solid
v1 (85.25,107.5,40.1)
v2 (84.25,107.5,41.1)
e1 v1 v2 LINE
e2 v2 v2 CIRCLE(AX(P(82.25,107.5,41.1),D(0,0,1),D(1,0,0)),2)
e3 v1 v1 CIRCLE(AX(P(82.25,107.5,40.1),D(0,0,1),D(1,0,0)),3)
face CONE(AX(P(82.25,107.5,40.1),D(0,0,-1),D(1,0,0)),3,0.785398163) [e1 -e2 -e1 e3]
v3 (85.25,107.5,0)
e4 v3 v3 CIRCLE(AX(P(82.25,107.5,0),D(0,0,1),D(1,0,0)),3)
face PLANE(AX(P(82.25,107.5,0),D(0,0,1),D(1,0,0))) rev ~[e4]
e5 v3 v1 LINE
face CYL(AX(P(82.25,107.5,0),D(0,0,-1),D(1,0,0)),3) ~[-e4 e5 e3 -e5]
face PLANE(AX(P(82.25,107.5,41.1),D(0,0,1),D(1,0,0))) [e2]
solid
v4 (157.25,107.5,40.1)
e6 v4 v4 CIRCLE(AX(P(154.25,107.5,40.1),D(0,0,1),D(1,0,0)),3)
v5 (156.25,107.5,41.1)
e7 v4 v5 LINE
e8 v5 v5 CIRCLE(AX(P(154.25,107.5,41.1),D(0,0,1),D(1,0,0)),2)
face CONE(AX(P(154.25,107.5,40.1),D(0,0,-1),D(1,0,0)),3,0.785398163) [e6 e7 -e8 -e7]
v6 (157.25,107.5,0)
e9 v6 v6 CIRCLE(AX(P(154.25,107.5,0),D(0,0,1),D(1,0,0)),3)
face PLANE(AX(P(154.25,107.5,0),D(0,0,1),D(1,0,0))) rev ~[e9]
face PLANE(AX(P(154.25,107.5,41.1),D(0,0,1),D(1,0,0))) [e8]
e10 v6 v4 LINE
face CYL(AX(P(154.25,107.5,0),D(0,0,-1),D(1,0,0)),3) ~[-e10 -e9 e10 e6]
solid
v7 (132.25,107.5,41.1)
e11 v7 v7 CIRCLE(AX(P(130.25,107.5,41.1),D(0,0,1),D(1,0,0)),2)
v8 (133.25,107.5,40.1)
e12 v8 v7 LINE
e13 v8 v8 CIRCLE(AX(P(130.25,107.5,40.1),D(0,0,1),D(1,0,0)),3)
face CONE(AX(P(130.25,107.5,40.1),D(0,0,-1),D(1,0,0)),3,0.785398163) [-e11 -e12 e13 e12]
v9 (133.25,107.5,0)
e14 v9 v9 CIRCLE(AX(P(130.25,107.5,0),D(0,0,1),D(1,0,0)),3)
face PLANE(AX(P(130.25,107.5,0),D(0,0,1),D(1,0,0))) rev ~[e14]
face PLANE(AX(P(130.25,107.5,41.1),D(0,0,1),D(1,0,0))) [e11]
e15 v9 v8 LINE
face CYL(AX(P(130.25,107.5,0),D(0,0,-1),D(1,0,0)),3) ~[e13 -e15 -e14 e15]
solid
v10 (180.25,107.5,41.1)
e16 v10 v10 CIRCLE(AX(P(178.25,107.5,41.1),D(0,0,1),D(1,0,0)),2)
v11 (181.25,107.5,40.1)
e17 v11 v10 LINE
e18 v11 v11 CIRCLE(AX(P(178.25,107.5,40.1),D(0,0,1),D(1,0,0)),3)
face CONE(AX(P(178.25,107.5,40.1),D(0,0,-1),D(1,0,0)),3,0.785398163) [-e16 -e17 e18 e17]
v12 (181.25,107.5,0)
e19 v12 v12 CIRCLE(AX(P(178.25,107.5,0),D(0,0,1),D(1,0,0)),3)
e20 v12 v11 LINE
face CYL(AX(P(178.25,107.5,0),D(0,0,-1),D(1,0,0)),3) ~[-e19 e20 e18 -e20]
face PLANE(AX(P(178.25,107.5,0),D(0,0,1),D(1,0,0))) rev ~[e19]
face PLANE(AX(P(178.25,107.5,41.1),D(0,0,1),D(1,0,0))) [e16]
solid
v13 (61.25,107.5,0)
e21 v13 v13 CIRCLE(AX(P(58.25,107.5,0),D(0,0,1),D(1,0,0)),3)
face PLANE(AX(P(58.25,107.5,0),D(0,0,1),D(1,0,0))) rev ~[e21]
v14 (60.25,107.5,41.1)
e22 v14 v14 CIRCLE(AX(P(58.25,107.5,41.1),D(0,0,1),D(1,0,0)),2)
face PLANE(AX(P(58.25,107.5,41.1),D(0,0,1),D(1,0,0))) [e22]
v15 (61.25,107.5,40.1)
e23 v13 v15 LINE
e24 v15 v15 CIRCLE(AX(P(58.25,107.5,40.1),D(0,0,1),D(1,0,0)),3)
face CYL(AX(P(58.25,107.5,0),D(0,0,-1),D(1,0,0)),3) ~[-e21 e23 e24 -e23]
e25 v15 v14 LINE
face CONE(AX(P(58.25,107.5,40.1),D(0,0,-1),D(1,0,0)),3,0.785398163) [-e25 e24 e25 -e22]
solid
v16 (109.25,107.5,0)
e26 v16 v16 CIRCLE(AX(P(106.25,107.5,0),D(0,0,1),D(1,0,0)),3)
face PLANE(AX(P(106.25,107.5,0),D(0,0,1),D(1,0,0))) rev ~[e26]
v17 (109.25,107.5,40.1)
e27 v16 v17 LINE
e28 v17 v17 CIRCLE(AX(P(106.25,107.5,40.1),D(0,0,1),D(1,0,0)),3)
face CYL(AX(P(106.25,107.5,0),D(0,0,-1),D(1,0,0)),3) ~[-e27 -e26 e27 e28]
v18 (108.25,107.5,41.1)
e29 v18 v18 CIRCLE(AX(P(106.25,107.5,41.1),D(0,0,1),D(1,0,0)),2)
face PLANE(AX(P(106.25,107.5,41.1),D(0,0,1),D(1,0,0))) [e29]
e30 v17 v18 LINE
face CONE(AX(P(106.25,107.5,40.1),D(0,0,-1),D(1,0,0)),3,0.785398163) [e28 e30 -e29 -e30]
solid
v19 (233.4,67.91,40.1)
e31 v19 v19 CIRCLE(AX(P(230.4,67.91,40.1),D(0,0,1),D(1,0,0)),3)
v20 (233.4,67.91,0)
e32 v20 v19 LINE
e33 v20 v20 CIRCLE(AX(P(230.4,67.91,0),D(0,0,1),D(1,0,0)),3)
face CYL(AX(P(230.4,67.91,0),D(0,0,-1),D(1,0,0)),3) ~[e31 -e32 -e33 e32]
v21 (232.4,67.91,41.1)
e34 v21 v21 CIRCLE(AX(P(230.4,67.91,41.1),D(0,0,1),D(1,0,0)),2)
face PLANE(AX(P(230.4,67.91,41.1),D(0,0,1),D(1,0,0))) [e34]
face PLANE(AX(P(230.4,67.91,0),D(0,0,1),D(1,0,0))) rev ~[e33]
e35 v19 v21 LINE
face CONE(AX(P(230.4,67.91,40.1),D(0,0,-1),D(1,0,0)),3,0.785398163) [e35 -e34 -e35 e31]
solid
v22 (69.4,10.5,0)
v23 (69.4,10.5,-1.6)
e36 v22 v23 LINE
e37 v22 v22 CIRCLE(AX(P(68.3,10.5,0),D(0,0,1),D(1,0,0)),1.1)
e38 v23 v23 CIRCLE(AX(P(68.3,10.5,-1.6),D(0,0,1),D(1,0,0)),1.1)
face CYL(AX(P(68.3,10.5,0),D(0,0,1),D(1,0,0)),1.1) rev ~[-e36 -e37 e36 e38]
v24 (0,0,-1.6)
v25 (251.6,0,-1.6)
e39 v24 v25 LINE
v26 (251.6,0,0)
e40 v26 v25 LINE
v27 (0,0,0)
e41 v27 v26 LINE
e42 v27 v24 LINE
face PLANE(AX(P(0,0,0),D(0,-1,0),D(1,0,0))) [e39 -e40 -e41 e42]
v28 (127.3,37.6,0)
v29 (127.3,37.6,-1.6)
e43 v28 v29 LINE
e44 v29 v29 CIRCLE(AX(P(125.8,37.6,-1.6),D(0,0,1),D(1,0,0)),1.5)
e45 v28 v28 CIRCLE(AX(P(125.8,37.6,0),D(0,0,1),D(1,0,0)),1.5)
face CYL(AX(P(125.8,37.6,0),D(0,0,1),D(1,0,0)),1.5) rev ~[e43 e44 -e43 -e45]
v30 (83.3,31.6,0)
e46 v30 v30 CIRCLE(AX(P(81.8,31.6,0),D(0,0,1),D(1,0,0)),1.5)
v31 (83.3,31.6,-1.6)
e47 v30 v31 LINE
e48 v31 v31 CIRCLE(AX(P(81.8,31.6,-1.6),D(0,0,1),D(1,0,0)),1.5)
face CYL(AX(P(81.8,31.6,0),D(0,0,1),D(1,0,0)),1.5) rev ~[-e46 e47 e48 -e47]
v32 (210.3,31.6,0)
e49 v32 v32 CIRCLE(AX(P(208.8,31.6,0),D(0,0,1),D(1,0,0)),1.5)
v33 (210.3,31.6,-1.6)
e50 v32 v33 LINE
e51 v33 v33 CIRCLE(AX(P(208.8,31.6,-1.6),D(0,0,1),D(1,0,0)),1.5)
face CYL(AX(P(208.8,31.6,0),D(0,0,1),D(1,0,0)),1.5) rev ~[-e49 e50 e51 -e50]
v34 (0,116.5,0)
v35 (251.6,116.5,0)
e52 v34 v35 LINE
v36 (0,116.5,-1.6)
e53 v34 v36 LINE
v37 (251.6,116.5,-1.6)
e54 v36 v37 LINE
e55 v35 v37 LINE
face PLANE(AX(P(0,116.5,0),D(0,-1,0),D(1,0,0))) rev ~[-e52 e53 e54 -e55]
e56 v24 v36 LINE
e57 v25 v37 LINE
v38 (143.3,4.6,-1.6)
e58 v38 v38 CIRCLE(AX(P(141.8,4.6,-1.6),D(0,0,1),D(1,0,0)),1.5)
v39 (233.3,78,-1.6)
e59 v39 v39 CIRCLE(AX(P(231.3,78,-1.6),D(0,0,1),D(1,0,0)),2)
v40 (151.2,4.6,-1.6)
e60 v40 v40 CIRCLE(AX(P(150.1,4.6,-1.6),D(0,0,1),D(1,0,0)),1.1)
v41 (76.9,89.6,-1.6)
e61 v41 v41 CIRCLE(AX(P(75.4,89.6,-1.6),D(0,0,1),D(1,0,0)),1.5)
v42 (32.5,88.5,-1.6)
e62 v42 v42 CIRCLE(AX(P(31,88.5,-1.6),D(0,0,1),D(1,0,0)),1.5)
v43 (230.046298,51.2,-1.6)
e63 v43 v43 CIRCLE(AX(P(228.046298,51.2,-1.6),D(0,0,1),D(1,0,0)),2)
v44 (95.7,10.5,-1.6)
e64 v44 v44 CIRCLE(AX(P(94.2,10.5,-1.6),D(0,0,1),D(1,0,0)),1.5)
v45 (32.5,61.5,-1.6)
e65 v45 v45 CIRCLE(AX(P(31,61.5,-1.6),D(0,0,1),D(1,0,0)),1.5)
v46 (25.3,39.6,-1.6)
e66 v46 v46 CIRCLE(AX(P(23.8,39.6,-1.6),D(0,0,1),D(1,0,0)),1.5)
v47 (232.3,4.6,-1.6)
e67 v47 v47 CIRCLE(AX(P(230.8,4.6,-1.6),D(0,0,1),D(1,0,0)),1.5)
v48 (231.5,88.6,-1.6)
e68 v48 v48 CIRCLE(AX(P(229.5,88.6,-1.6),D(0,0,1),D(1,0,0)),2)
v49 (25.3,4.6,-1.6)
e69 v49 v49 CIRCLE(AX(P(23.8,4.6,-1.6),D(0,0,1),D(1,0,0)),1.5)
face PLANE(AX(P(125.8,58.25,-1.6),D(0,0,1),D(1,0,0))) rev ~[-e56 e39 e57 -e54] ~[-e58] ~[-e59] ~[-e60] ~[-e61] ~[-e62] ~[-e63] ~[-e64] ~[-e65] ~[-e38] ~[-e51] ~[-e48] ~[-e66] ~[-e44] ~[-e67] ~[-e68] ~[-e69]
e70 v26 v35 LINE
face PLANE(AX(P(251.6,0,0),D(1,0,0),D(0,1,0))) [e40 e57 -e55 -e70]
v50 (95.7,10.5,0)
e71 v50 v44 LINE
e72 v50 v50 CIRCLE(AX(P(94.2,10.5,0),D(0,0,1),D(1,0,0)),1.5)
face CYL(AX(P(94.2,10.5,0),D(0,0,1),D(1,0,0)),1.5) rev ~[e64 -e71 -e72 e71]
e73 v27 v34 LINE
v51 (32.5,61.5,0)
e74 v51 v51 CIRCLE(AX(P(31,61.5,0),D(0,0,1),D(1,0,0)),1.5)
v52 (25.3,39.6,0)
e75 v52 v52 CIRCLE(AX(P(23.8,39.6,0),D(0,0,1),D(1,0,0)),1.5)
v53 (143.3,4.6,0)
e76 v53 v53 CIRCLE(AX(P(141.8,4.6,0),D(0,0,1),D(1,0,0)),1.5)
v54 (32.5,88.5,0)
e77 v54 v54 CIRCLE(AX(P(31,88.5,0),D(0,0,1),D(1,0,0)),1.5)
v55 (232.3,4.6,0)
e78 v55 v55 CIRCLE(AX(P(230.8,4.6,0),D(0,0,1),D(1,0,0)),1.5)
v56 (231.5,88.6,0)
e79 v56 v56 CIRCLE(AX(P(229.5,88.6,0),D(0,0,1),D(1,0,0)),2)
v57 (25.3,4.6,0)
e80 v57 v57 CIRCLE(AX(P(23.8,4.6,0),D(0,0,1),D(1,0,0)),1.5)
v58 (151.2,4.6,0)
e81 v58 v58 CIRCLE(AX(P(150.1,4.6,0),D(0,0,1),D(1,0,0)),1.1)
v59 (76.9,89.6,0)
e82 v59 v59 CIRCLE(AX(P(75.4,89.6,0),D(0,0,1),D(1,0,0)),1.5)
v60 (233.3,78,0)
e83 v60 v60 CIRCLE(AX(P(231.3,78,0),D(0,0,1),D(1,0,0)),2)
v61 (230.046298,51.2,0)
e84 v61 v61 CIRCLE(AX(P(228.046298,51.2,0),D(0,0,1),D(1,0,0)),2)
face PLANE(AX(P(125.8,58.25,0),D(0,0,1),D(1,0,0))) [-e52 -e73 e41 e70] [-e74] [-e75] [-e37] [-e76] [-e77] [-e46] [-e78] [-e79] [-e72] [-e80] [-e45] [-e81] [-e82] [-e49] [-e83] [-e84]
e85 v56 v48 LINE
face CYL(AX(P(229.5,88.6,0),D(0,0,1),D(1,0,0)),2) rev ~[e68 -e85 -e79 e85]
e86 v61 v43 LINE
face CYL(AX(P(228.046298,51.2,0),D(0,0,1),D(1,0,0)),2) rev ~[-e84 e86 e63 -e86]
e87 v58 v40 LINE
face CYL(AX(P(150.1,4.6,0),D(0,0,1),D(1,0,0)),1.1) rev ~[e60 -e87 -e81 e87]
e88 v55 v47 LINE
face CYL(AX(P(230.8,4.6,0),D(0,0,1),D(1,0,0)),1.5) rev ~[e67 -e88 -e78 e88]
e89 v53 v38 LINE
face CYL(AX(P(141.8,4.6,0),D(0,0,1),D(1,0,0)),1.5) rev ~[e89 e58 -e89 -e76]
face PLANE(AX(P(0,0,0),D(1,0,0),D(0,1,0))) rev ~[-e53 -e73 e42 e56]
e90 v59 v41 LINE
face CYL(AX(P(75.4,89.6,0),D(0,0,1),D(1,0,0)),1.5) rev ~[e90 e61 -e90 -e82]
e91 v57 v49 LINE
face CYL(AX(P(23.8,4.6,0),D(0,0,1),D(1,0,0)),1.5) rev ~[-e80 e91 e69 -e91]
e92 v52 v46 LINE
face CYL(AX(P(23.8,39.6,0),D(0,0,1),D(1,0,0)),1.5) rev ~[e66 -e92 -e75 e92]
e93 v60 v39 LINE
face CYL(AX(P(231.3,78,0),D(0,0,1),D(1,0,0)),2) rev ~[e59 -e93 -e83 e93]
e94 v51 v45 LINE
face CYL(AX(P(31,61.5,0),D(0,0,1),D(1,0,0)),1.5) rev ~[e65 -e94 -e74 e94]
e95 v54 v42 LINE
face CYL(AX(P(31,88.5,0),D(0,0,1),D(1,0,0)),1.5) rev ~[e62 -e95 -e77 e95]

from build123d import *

# Parameters (mm, degrees)
F0_W     = 251.6
F0_H     = 116.5
F0_R     = 1.5
F0_R_2   = 1.1
F0_R_3   = 2
F1_DEPTH = 1.6
F2_R     = 3
F3_DEPTH = 41.1
F4_SIZE  = 1
F5_R     = 3
F6_DEPTH = 41.1
F7_SIZE  = 1


with BuildPart() as f1:
    # F0 (on Top) → F1 (new body)
    with BuildSketch(Plane.XY):
        with Locations((125.8, 58.25)):
            Rectangle(F0_W, F0_H)
        with Locations((23.8, 4.6)):
            Circle(F0_R, mode=Mode.SUBTRACT)
        with Locations((68.3, 10.5)):
            Circle(F0_R_2, mode=Mode.SUBTRACT)
        with Locations((94.2, 10.5)):
            Circle(F0_R, mode=Mode.SUBTRACT)
        with Locations((23.8, 39.6)):
            Circle(F0_R, mode=Mode.SUBTRACT)
        with Locations((81.8, 31.6)):
            Circle(F0_R, mode=Mode.SUBTRACT)
        with Locations((125.8, 37.6)):
            Circle(F0_R, mode=Mode.SUBTRACT)
        with Locations((141.8, 4.6)):
            Circle(F0_R, mode=Mode.SUBTRACT)
        with Locations((150.1, 4.6)):
            Circle(F0_R_2, mode=Mode.SUBTRACT)
        with Locations((230.8, 4.6)):
            Circle(F0_R, mode=Mode.SUBTRACT)
        with Locations((208.8, 31.6)):
            Circle(F0_R, mode=Mode.SUBTRACT)
        with Locations((228.046298, 51.2)):
            Circle(F0_R_3, mode=Mode.SUBTRACT)
        with Locations((31, 61.5)):
            Circle(F0_R, mode=Mode.SUBTRACT)
        with Locations((31, 88.5)):
            Circle(F0_R, mode=Mode.SUBTRACT)
        with Locations((75.4, 89.6)):
            Circle(F0_R, mode=Mode.SUBTRACT)
        with Locations((231.3, 78)):
            Circle(F0_R_3, mode=Mode.SUBTRACT)
        with Locations((229.5, 88.6)):
            Circle(F0_R_3, mode=Mode.SUBTRACT)
    extrude(amount=-F1_DEPTH)


with BuildPart() as f3:
    # F2 (on face) → F3 (new body)
    with BuildSketch(Plane.XY):
        with Locations((58.25, 107.5)):
            Circle(F2_R)
        with Locations((82.25, 107.5)):
            Circle(F2_R)
        with Locations((106.25, 107.5)):
            Circle(F2_R)
        with Locations((130.25, 107.5)):
            Circle(F2_R)
        with Locations((154.25, 107.5)):
            Circle(F2_R)
        with Locations((178.25, 107.5)):
            Circle(F2_R)
    extrude(amount=F3_DEPTH)

    # F4
    f4_edges = [f3.edges().sort_by_distance(p)[0] for p in [
        (55.25, 107.5, 41.1),
        (79.25, 107.5, 41.1),
        (103.25, 107.5, 41.1),
        (127.25, 107.5, 41.1),
        (151.25, 107.5, 41.1),
        (175.25, 107.5, 41.1),
    ]]
    chamfer(f4_edges, length=F4_SIZE)


with BuildPart() as f6:
    # F5 (on Top) → F6 (new body)
    with BuildSketch(Plane.XY):
        with Locations((230.4, 67.91)):
            Circle(F5_R)
    extrude(amount=F6_DEPTH)

    # F7
    f7_edges = [f6.edges().sort_by_distance(p)[0] for p in [
        (227.4, 67.91, 41.1),
    ]]
    chamfer(f7_edges, length=F7_SIZE)


solid = Compound([f1.part, f3.part, f6.part])
